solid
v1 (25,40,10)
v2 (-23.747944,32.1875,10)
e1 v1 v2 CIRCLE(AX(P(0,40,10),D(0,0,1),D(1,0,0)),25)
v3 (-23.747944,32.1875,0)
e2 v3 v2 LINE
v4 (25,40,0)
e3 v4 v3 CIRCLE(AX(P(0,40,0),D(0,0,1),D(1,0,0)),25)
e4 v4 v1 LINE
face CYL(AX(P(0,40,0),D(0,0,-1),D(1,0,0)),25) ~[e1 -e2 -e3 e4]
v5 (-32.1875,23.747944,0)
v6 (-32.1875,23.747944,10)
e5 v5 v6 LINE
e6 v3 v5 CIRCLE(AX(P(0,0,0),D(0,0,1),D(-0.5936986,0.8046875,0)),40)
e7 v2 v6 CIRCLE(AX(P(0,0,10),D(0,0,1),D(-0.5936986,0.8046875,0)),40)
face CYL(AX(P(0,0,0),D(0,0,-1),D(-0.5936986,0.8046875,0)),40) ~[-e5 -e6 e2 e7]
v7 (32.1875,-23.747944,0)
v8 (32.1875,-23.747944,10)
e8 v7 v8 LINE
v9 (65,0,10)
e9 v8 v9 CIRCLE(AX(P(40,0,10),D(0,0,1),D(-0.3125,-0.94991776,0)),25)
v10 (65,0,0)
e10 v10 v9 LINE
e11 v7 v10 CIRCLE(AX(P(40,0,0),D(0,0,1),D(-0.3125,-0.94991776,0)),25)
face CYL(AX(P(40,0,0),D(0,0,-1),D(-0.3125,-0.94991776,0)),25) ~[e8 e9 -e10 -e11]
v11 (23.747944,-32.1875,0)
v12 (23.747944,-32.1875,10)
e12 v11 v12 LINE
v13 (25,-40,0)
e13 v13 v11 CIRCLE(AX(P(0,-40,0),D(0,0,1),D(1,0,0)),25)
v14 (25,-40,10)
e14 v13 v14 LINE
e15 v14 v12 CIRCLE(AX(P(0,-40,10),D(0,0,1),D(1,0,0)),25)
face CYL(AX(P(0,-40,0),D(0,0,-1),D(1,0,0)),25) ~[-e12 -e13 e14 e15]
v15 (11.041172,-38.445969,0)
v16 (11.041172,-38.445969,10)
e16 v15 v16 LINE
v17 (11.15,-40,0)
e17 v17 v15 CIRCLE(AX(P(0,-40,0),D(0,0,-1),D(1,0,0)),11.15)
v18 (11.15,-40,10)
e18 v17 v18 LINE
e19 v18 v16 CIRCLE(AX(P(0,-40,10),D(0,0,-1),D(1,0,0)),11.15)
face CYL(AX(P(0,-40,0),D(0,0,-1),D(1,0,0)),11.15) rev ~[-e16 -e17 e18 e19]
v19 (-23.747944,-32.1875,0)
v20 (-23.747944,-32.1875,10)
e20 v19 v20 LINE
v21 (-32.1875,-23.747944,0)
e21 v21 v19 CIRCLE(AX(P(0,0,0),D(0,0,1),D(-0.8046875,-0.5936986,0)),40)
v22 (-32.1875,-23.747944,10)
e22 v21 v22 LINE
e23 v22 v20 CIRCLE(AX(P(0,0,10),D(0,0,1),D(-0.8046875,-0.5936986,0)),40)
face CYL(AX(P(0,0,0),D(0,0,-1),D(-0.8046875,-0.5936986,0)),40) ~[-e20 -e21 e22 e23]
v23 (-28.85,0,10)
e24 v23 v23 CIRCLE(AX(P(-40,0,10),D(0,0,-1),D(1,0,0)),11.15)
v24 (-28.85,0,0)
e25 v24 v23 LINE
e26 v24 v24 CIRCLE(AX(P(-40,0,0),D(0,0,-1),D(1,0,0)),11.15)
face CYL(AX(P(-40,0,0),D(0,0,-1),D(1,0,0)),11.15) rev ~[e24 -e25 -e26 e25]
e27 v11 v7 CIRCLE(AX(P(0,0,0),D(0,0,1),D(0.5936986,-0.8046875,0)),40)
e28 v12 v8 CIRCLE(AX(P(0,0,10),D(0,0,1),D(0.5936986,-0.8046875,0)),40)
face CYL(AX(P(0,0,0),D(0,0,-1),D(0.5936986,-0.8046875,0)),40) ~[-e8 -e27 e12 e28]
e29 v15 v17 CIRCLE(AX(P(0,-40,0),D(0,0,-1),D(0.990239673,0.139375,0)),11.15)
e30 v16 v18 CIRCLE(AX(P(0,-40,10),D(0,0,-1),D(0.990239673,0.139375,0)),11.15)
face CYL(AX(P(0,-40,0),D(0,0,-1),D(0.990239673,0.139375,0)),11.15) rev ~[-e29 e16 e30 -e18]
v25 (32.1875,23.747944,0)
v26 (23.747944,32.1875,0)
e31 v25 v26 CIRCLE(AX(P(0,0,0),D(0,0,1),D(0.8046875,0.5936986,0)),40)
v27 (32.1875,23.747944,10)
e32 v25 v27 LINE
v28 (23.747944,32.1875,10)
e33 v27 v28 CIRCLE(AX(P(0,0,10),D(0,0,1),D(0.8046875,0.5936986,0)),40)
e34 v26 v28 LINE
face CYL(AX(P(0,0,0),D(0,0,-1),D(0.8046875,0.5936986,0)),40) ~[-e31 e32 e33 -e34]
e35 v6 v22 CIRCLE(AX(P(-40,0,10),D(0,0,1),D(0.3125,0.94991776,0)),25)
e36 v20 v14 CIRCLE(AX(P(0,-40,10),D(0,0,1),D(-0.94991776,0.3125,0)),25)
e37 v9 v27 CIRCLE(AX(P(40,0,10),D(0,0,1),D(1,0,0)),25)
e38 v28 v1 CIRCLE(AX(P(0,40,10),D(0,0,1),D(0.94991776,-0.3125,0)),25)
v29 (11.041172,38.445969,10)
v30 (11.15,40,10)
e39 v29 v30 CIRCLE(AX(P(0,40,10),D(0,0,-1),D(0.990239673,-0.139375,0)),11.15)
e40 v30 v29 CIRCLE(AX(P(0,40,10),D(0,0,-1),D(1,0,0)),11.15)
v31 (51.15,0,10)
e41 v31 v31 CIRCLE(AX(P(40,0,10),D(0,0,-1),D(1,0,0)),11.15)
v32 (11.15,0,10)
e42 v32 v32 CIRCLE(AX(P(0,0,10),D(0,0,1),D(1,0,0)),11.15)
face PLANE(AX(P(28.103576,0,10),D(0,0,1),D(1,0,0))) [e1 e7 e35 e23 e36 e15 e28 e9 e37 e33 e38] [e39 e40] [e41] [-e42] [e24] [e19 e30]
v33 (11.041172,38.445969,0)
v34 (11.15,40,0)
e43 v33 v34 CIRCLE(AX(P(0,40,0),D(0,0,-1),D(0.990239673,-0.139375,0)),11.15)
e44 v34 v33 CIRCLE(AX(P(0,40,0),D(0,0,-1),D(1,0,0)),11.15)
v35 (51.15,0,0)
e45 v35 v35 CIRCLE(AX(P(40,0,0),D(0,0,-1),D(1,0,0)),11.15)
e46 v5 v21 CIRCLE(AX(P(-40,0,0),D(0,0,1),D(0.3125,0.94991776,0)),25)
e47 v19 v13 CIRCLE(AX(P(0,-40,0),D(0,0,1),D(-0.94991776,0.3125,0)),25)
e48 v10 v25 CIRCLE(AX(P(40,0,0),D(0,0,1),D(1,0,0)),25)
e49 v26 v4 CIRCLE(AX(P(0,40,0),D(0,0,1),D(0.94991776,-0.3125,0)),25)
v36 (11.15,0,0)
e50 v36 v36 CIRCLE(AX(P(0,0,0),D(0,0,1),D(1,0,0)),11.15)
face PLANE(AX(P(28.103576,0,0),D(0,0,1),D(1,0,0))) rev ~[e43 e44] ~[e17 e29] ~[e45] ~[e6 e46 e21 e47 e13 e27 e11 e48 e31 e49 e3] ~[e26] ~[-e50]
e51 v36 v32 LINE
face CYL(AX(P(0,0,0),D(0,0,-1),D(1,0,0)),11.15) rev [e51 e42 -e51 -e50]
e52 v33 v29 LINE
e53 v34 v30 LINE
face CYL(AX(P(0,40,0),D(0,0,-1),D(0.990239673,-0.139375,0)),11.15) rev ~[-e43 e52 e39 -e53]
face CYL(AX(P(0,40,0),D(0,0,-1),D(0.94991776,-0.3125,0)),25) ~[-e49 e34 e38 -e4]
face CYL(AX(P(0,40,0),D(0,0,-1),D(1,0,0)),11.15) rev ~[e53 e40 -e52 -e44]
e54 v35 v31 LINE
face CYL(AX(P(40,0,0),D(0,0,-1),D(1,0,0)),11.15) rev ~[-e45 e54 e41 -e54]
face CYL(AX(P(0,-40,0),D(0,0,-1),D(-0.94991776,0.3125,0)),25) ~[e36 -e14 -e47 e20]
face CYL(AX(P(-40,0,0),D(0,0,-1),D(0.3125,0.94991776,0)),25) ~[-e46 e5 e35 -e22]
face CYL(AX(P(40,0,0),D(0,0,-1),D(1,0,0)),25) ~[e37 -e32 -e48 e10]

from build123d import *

# Parameters (mm, degrees)
F0_R     = 11.15
F1_DEPTH = 10


with BuildPart() as f1:
    # F0 (on Top) → F1 (new body)
    with BuildSketch(Plane.XY):
        with BuildLine():
            ThreePointArc((38.44596875, -11.0411723505), (28.85, 0), (38.44596875, 11.0411723505))
            ThreePointArc((38.44596875, 11.0411723505), (35.883662554, 17.6737874184), (32.1875, 23.74794399))
            ThreePointArc((32.1875, 23.74794399), (15, 0), (32.1875, -23.74794399))
            ThreePointArc((32.1875, -23.74794399), (35.883662554, -17.6737874184), (38.44596875, -11.0411723505))
        make_face()
        with BuildLine():
            ThreePointArc((32.1875, 23.74794399), (35.883662554, 17.6737874184), (38.44596875, 11.0411723505))
            ThreePointArc((38.44596875, 11.0411723505), (47.3142002831, 8.4157574952), (51.15, 0))
            ThreePointArc((51.15, 0), (47.3142002831, -8.4157574952), (38.44596875, -11.0411723505))
            ThreePointArc((38.44596875, -11.0411723505), (35.883662554, -17.6737874184), (32.1875, -23.74794399))
            ThreePointArc((32.1875, -23.74794399), (54.6575492494, -20.2523146825), (65, 0))
            ThreePointArc((65, 0), (54.6575492494, 20.2523146825), (32.1875, 23.74794399))
        make_face()
        with BuildLine():
            ThreePointArc((32.1875, -23.74794399), (15, 0), (32.1875, 23.74794399))
            ThreePointArc((32.1875, 23.74794399), (28.2842712475, 28.2842712475), (23.74794399, 32.1875))
            ThreePointArc((23.74794399, 32.1875), (0, 15), (-23.74794399, 32.1875))
            ThreePointArc((-23.74794399, 32.1875), (-28.2842712475, 28.2842712475), (-32.1875, 23.74794399))
            ThreePointArc((-32.1875, 23.74794399), (-19.7476853175, 14.6575492494), (-15, 0))
            ThreePointArc((-15, 0), (-19.7476853175, -14.6575492494), (-32.1875, -23.74794399))
            ThreePointArc((-32.1875, -23.74794399), (-28.2842712475, -28.2842712475), (-23.74794399, -32.1875))
            ThreePointArc((-23.74794399, -32.1875), (0, -15), (23.74794399, -32.1875))
            ThreePointArc((23.74794399, -32.1875), (28.2842712475, -28.2842712475), (32.1875, -23.74794399))
        make_face()
        Circle(F0_R, mode=Mode.SUBTRACT)
        with BuildLine():
            ThreePointArc((-23.74794399, 32.1875), (0, 15), (23.74794399, 32.1875))
            ThreePointArc((23.74794399, 32.1875), (17.6737874184, 35.883662554), (11.0411723505, 38.44596875))
            ThreePointArc((11.0411723505, 38.44596875), (0, 28.85), (-11.0411723505, 38.44596875))
            ThreePointArc((-11.0411723505, 38.44596875), (-17.6737874184, 35.883662554), (-23.74794399, 32.1875))
        make_face()
        with BuildLine():
            ThreePointArc((11.0411723505, 38.44596875), (17.6737874184, 35.883662554), (23.74794399, 32.1875))
            ThreePointArc((23.74794399, 32.1875), (24.6850015166, 36.0439034231), (25, 40))
            ThreePointArc((25, 40), (-3.9560965769, 64.6850015166), (-23.74794399, 32.1875))
            ThreePointArc((-23.74794399, 32.1875), (-17.6737874184, 35.883662554), (-11.0411723505, 38.44596875))
            ThreePointArc((-11.0411723505, 38.44596875), (-0.7789185746, 51.1227598128), (11.15, 40))
            ThreePointArc((11.15, 40), (11.1227598128, 39.2210814254), (11.0411723505, 38.44596875))
        make_face()
        with BuildLine():
            ThreePointArc((25, -40), (24.6850015166, -36.0439034231), (23.74794399, -32.1875))
            ThreePointArc((23.74794399, -32.1875), (17.6737874184, -35.883662554), (11.0411723505, -38.44596875))
            ThreePointArc((11.0411723505, -38.44596875), (11.1227598128, -39.2210814254), (11.15, -40))
            ThreePointArc((11.15, -40), (-0.7789185746, -51.1227598128), (-11.0411723505, -38.44596875))
            ThreePointArc((-11.0411723505, -38.44596875), (-17.6737874184, -35.883662554), (-23.74794399, -32.1875))
            ThreePointArc((-23.74794399, -32.1875), (-3.9560965769, -64.6850015166), (25, -40))
        make_face()
        with BuildLine():
            ThreePointArc((11.0411723505, -38.44596875), (17.6737874184, -35.883662554), (23.74794399, -32.1875))
            ThreePointArc((23.74794399, -32.1875), (0, -15), (-23.74794399, -32.1875))
            ThreePointArc((-23.74794399, -32.1875), (-17.6737874184, -35.883662554), (-11.0411723505, -38.44596875))
            ThreePointArc((-11.0411723505, -38.44596875), (0, -28.85), (11.0411723505, -38.44596875))
        make_face()
        with BuildLine():
            ThreePointArc((-15, 0), (-19.7476853175, 14.6575492494), (-32.1875, 23.74794399))
            ThreePointArc((-32.1875, 23.74794399), (-35.883662554, 17.6737874184), (-38.44596875, 11.0411723505))
            ThreePointArc((-38.44596875, 11.0411723505), (-31.5842425048, 7.3142002831), (-28.85, 0))
            ThreePointArc((-28.85, 0), (-31.5842425048, -7.3142002831), (-38.44596875, -11.0411723505))
            ThreePointArc((-38.44596875, -11.0411723505), (-35.883662554, -17.6737874184), (-32.1875, -23.74794399))
            ThreePointArc((-32.1875, -23.74794399), (-19.7476853175, -14.6575492494), (-15, 0))
        make_face()
        with BuildLine():
            ThreePointArc((-38.44596875, 11.0411723505), (-35.883662554, 17.6737874184), (-32.1875, 23.74794399))
            ThreePointArc((-32.1875, 23.74794399), (-65, 0), (-32.1875, -23.74794399))
            ThreePointArc((-32.1875, -23.74794399), (-35.883662554, -17.6737874184), (-38.44596875, -11.0411723505))
            ThreePointArc((-38.44596875, -11.0411723505), (-51.15, 0), (-38.44596875, 11.0411723505))
        make_face()
    extrude(amount=F1_DEPTH)


solid = f1.part
